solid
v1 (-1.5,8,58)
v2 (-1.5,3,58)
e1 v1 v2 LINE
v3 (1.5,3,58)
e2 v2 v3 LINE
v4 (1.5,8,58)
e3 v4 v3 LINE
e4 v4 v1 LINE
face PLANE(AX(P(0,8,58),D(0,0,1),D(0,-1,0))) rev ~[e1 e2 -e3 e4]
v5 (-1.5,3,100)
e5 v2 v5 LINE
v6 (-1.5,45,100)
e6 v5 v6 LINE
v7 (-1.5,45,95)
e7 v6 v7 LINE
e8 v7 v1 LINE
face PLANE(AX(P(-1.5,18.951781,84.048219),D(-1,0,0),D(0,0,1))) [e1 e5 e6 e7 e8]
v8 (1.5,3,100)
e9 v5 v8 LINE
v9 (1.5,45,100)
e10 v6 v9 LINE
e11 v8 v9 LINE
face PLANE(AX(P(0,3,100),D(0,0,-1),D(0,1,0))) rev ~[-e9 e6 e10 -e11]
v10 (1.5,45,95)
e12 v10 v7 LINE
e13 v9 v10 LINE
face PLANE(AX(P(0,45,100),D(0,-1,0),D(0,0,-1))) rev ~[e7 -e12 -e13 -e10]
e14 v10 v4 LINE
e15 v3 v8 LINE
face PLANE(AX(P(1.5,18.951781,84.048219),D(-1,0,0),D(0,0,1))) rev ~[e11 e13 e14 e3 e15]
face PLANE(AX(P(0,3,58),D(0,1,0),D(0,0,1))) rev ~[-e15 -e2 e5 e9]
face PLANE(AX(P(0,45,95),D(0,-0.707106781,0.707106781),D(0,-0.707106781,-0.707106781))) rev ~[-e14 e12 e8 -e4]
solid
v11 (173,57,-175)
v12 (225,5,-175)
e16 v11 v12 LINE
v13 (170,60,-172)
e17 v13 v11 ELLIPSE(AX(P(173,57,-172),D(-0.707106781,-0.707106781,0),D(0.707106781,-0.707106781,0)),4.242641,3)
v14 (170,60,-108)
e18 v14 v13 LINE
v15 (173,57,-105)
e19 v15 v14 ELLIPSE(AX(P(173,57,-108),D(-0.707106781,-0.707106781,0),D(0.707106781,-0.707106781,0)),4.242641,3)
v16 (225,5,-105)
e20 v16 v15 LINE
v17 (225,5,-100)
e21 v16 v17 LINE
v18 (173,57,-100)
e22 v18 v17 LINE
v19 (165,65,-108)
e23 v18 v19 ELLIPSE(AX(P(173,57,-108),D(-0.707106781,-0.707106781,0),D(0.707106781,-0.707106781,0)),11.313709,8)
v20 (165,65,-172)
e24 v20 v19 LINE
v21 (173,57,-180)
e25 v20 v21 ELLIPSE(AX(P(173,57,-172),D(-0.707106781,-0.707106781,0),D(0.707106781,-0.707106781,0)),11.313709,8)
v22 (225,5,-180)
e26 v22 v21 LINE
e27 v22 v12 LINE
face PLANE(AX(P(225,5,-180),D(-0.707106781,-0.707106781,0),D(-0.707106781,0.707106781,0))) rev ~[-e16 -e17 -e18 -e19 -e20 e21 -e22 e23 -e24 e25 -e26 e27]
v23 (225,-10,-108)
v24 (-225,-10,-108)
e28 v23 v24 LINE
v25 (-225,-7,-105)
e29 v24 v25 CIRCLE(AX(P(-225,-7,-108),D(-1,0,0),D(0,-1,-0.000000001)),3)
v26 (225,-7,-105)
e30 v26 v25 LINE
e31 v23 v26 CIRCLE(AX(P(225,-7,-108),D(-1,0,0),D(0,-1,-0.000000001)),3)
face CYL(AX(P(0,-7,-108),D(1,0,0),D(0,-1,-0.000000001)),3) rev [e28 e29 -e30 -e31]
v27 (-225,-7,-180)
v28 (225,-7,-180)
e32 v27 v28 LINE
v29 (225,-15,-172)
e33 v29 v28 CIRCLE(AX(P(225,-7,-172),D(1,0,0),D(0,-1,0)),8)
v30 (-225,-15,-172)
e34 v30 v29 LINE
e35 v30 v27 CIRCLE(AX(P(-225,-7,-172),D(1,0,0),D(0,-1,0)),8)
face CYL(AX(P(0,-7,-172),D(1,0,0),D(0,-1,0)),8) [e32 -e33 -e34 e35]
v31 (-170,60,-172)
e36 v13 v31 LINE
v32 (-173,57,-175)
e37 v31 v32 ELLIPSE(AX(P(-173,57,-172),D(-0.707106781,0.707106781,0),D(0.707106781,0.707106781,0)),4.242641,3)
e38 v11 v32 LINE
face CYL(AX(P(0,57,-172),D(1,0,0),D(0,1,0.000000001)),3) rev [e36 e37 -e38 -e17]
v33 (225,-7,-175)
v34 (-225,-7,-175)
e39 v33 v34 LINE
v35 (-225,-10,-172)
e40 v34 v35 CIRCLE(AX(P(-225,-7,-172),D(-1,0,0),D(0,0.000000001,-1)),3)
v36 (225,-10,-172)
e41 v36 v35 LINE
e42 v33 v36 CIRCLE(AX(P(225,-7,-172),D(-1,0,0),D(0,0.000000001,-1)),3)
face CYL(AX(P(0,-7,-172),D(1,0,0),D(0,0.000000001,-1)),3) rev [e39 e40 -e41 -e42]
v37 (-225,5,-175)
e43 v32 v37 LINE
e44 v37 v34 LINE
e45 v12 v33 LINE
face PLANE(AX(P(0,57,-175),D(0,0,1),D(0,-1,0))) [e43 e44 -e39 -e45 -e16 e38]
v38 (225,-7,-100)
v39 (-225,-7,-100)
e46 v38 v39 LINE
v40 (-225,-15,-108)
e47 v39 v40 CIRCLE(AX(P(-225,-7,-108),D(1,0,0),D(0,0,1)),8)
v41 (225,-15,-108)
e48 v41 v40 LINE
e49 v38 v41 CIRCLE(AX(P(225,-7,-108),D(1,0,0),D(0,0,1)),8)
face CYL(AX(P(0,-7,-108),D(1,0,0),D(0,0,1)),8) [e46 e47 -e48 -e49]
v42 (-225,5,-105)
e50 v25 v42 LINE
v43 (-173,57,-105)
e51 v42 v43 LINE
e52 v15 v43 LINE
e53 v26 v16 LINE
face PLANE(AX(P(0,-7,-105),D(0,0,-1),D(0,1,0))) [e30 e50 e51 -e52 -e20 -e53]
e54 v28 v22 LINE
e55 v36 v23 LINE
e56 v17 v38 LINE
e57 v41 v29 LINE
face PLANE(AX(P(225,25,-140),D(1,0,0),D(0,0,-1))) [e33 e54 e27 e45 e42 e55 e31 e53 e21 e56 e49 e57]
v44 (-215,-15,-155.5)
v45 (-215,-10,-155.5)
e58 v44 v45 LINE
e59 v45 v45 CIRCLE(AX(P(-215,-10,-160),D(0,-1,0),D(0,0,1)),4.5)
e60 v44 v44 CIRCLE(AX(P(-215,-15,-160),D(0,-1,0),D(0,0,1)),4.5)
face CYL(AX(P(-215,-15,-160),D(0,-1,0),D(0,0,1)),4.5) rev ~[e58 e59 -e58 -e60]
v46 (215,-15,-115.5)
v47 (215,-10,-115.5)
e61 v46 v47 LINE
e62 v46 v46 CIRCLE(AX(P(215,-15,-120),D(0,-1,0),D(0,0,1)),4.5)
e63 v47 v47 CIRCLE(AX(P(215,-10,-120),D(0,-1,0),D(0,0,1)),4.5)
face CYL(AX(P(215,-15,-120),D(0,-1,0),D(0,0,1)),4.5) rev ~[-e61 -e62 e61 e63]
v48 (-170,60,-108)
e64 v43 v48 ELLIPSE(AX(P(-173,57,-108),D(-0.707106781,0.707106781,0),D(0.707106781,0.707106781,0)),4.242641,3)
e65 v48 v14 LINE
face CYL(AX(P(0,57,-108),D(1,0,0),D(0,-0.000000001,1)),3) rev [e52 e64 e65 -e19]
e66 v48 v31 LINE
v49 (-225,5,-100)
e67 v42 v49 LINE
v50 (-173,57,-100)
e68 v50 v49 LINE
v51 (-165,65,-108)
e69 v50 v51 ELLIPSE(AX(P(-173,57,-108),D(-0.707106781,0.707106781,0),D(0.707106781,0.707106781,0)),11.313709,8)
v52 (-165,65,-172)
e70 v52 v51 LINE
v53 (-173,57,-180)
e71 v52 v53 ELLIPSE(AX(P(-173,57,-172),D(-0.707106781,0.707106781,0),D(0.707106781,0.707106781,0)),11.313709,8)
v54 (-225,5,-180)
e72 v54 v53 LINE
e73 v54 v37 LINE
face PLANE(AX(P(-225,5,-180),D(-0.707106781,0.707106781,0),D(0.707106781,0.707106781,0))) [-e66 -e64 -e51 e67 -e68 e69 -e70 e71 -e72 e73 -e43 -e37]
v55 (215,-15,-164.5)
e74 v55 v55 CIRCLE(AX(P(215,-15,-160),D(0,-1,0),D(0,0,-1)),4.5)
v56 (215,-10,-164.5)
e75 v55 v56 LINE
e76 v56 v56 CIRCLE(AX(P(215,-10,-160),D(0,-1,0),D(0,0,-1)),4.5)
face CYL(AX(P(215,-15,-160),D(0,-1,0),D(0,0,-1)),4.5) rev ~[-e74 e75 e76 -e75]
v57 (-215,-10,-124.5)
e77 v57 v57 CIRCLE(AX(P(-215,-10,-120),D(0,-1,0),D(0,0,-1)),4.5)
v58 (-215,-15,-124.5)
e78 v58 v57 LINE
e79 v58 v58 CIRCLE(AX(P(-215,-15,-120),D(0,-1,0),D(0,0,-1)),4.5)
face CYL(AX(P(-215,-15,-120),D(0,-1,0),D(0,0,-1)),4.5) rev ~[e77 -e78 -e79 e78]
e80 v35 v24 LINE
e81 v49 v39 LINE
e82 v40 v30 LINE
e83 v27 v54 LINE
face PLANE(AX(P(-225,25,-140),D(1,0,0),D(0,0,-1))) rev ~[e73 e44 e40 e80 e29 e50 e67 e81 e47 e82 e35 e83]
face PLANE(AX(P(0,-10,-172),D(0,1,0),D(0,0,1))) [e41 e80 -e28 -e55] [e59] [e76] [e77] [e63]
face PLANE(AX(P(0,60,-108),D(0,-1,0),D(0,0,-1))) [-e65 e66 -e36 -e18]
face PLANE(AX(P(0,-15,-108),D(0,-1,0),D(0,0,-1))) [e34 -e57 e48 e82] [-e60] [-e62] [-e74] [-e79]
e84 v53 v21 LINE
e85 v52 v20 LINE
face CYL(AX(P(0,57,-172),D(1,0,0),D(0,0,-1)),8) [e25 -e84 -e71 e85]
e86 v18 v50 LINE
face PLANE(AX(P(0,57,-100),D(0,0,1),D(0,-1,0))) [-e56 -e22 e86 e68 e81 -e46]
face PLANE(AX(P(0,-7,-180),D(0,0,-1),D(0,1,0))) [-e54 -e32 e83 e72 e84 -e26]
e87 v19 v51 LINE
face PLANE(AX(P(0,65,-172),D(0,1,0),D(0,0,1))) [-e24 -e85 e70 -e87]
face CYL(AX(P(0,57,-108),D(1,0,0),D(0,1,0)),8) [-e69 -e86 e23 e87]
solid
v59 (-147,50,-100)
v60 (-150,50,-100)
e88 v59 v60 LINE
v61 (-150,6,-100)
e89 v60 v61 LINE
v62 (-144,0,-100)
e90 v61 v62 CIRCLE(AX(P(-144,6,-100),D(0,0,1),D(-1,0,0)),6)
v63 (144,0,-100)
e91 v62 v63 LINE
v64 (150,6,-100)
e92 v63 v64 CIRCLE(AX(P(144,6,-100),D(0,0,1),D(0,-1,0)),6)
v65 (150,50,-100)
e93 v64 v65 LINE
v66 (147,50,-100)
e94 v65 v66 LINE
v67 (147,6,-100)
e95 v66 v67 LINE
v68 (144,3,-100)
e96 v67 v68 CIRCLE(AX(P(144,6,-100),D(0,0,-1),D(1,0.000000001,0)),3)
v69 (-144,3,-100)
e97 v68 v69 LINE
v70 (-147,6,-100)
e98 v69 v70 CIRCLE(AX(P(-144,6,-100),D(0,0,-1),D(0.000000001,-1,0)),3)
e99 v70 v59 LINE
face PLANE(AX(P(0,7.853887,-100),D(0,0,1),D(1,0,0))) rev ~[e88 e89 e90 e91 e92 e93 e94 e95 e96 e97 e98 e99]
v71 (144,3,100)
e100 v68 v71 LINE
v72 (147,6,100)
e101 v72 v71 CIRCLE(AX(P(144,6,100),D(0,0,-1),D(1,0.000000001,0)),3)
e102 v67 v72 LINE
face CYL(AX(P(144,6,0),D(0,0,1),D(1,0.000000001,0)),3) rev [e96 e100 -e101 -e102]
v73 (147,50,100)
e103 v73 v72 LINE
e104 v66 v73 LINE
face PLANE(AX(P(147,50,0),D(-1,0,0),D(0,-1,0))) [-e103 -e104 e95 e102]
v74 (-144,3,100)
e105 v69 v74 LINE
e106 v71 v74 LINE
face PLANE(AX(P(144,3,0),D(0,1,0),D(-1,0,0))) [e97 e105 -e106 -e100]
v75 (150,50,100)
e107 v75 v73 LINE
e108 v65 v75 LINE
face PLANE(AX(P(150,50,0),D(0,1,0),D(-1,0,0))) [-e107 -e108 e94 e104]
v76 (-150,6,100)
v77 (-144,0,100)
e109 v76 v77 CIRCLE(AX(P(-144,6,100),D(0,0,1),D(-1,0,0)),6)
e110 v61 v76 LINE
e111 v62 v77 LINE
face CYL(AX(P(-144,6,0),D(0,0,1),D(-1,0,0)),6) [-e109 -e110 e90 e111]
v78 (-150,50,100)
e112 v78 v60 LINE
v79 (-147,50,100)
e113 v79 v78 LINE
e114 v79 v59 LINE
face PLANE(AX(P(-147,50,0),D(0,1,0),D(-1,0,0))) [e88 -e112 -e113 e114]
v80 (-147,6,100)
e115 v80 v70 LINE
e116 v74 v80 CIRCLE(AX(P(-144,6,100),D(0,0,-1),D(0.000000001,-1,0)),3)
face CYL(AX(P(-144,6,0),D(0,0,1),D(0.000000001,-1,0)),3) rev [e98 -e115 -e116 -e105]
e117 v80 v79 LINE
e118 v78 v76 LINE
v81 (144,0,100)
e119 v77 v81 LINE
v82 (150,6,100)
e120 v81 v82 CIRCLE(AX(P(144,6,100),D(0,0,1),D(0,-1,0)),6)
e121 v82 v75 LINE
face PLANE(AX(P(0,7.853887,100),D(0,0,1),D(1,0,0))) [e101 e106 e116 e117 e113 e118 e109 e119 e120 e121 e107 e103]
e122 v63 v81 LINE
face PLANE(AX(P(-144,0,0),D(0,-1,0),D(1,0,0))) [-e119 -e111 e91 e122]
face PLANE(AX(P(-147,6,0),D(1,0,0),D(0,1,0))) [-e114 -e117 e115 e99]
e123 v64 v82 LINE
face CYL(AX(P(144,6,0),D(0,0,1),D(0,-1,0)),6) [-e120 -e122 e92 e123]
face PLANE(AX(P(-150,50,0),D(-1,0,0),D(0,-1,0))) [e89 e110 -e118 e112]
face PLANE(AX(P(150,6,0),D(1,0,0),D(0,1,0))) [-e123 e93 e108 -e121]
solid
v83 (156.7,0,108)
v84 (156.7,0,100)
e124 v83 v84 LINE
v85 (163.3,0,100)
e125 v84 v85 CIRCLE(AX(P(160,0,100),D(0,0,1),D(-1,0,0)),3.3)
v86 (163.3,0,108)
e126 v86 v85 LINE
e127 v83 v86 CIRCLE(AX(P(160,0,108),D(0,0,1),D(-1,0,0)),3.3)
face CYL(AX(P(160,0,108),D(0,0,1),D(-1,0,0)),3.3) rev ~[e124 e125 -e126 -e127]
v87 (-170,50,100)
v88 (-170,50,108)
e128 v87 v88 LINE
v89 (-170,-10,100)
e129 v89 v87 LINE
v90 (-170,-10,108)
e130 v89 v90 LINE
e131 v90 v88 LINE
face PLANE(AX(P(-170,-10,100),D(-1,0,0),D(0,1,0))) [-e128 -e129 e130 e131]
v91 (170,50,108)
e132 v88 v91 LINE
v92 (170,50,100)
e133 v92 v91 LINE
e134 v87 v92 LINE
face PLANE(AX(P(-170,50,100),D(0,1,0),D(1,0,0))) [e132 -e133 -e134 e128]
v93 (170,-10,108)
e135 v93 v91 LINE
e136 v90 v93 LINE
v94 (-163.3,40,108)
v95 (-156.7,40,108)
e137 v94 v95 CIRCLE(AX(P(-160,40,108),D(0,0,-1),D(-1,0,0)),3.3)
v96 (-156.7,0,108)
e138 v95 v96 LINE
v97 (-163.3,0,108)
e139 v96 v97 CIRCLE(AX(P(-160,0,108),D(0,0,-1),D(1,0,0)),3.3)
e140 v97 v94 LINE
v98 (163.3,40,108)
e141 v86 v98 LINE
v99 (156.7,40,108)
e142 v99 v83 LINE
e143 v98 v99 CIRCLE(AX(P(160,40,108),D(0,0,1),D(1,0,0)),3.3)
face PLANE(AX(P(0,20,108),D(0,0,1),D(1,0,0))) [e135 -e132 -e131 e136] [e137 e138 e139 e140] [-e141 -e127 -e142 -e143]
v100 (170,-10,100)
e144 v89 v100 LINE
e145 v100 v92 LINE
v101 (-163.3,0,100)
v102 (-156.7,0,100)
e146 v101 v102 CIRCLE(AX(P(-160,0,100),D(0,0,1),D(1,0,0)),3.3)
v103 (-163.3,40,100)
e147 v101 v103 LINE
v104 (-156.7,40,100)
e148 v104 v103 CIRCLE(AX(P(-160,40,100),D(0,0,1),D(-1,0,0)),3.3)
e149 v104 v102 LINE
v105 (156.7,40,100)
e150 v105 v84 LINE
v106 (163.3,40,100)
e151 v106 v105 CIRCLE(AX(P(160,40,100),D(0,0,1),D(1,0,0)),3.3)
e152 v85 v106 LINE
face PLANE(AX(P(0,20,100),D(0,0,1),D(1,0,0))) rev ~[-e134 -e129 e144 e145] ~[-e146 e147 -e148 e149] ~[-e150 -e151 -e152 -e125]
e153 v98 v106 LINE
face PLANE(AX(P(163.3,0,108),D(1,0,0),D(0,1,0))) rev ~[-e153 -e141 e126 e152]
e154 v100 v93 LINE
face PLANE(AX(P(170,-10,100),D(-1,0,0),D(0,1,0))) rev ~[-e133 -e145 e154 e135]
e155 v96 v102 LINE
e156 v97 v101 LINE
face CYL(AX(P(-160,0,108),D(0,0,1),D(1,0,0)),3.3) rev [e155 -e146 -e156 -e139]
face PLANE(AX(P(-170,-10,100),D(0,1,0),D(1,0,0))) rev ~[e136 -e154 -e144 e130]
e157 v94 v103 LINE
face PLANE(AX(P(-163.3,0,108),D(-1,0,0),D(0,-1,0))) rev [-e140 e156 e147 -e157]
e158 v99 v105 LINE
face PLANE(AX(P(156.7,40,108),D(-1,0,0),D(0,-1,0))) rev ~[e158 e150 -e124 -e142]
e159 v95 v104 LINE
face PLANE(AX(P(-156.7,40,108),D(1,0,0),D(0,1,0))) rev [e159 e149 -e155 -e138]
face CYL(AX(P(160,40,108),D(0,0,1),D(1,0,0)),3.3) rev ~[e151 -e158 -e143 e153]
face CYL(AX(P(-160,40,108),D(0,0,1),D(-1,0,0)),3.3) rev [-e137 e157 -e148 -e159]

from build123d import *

# Parameters (mm, degrees)
AUFSATZ_LINEAR_AUSTRAGEN1_DEPTH = 100
SKIZZE2_W                       = 340
SKIZZE2_H                       = 60
AUFSATZ_LINEAR_AUSTRAGEN2_DEPTH = 8
AUFSATZ_LINEAR_AUSTRAGEN3_DEPTH = 1.5
SCHNITT_LINEAR_AUSTRAGEN1_DEPTH = 209
AUFSATZ_LINEAR_AUSTRAGEN4_DEPTH = 225
SCHNITT_LINEAR_AUSTRAGEN2_DEPTH = 289
SKIZZE8_R                       = 4.5
SCHNITT_LINEAR_AUSTRAGEN3_DEPTH = 81


with BuildPart() as part:
    # Skizze1 → Aufsatz-Linear austragen1 (new body, symmetric)
    with BuildSketch(Plane.XY):
        with BuildLine():
            Line((-150, 50), (-150, 6))
            ThreePointArc((-150, 6), (-148.242640687, 1.757359313), (-144, 0))
            Line((-144, 0), (144, 0))
            ThreePointArc((144, 0), (148.242640687, 1.757359313), (150, 6))
            Line((150, 6), (150, 50))
            Line((150, 50), (147, 50))
            Line((147, 50), (147, 6))
            ThreePointArc((147, 6), (146.121320344, 3.878679656), (144, 3))
            Line((144, 3), (-144, 3))
            ThreePointArc((-144, 3), (-146.121320344, 3.878679656), (-147, 6))
            Line((-147, 6), (-147, 50))
            Line((-147, 50), (-150, 50))
        make_face()
    extrude(amount=AUFSATZ_LINEAR_AUSTRAGEN1_DEPTH, both=True)


with BuildPart() as body_2:
    # Skizze2 → Aufsatz-Linear austragen2 (new body)
    with BuildSketch(Plane.XY.offset(100)):
        with Locations((0, 20)):
            Rectangle(SKIZZE2_W, SKIZZE2_H)
    extrude(amount=AUFSATZ_LINEAR_AUSTRAGEN2_DEPTH)

    # Skizze5 → Schnitt-Linear austragen1 (cut, through all)
    with BuildSketch(Plane.XY.offset(108)):
        with BuildLine():
            Line((163.3, 0), (163.3, 40))
            ThreePointArc((163.3, 40), (160, 43.3), (156.7, 40))
            Line((156.7, 40), (156.7, 0))
            ThreePointArc((156.7, 0), (160, -3.3), (163.3, 0))
        make_face()
    schnitt_linear_austragen1 = extrude(amount=-SCHNITT_LINEAR_AUSTRAGEN1_DEPTH, mode=Mode.SUBTRACT)

    # Spiegeln1: Schnitt-Linear austragen1 across plane
    add(schnitt_linear_austragen1.mirror(Plane(origin=(0, 0, 0), x_dir=(0, 0, 1), z_dir=(1, 0, 0))), mode=Mode.SUBTRACT)


with BuildPart() as body_3:
    # Skizze4 → Aufsatz-Linear austragen3 (new body, symmetric)
    with BuildSketch(Plane(origin=(0, 0, 0), x_dir=(0, 0, -1), z_dir=(1, 0, 0))):
        Polygon((-100, 45), (-95, 45), (-58, 8), (-58, 3), (-100, 3), align=None)
    extrude(amount=AUFSATZ_LINEAR_AUSTRAGEN3_DEPTH, both=True)


with BuildPart() as body_4:
    # Skizze6 → Aufsatz-Linear austragen4 (new body, symmetric)
    with BuildSketch(Plane(origin=(0, 0, 0), x_dir=(0, 0, -1), z_dir=(1, 0, 0))):
        with BuildLine():
            Line((108, -15), (172, -15))
            ThreePointArc((172, -15), (177.656854249, -12.656854249), (180, -7))
            Line((180, -7), (180, 57))
            ThreePointArc((180, 57), (177.656854249, 62.656854249), (172, 65))
            Line((172, 65), (108, 65))
            ThreePointArc((108, 65), (102.343145751, 62.656854249), (100, 57))
            Line((100, 57), (100, -7))
            ThreePointArc((100, -7), (102.343145751, -12.656854249), (108, -15))
        make_face()
        with BuildLine():
            Line((108, 60), (172, 60))
            ThreePointArc((172, 60), (174.121320344, 59.121320344), (175, 57))
            Line((175, 57), (175, -7))
            ThreePointArc((175, -7), (174.121320344, -9.121320344), (172, -10))
            Line((172, -10), (108, -10))
            ThreePointArc((108, -10), (105.878679656, -9.121320344), (105, -7))
            Line((105, -7), (105, 57))
            ThreePointArc((105, 57), (105.878679656, 59.121320344), (108, 60))
        make_face(mode=Mode.SUBTRACT)
    extrude(amount=AUFSATZ_LINEAR_AUSTRAGEN4_DEPTH, both=True)

    # Skizze7 → Schnitt-Linear austragen2 (cut, through all)
    with BuildSketch(Plane(origin=(0, 0, -180), x_dir=(-1, 0, 0), z_dir=(0, 0, -1))):
        Polygon((-225, 5), (-165, 65), (-225, 65), align=None)
        Polygon((225, 65), (225, 5), (165, 65), align=None)
    extrude(amount=-SCHNITT_LINEAR_AUSTRAGEN2_DEPTH, mode=Mode.SUBTRACT)

    # Skizze8 → Schnitt-Linear austragen3 (cut, through all)
    with BuildSketch(Plane.XZ.offset(15)):
        with Locations(Location((215, -160, 0), (0, 0, 270))):  # turned: the seam where the file's is
            Circle(SKIZZE8_R)
        with Locations(Location((215, -120, 0), (0, 0, 90))):  # turned: the seam where the file's is
            Circle(SKIZZE8_R)
        with Locations(Location((-215, -160, 0), (0, 0, 90))):  # turned: the seam where the file's is
            Circle(SKIZZE8_R)
        with Locations(Location((-215, -120, 0), (0, 0, 270))):  # turned: the seam where the file's is
            Circle(SKIZZE8_R)
    extrude(amount=-SCHNITT_LINEAR_AUSTRAGEN3_DEPTH, mode=Mode.SUBTRACT)


solid = Compound([part.part, body_2.part, body_3.part, body_4.part])
